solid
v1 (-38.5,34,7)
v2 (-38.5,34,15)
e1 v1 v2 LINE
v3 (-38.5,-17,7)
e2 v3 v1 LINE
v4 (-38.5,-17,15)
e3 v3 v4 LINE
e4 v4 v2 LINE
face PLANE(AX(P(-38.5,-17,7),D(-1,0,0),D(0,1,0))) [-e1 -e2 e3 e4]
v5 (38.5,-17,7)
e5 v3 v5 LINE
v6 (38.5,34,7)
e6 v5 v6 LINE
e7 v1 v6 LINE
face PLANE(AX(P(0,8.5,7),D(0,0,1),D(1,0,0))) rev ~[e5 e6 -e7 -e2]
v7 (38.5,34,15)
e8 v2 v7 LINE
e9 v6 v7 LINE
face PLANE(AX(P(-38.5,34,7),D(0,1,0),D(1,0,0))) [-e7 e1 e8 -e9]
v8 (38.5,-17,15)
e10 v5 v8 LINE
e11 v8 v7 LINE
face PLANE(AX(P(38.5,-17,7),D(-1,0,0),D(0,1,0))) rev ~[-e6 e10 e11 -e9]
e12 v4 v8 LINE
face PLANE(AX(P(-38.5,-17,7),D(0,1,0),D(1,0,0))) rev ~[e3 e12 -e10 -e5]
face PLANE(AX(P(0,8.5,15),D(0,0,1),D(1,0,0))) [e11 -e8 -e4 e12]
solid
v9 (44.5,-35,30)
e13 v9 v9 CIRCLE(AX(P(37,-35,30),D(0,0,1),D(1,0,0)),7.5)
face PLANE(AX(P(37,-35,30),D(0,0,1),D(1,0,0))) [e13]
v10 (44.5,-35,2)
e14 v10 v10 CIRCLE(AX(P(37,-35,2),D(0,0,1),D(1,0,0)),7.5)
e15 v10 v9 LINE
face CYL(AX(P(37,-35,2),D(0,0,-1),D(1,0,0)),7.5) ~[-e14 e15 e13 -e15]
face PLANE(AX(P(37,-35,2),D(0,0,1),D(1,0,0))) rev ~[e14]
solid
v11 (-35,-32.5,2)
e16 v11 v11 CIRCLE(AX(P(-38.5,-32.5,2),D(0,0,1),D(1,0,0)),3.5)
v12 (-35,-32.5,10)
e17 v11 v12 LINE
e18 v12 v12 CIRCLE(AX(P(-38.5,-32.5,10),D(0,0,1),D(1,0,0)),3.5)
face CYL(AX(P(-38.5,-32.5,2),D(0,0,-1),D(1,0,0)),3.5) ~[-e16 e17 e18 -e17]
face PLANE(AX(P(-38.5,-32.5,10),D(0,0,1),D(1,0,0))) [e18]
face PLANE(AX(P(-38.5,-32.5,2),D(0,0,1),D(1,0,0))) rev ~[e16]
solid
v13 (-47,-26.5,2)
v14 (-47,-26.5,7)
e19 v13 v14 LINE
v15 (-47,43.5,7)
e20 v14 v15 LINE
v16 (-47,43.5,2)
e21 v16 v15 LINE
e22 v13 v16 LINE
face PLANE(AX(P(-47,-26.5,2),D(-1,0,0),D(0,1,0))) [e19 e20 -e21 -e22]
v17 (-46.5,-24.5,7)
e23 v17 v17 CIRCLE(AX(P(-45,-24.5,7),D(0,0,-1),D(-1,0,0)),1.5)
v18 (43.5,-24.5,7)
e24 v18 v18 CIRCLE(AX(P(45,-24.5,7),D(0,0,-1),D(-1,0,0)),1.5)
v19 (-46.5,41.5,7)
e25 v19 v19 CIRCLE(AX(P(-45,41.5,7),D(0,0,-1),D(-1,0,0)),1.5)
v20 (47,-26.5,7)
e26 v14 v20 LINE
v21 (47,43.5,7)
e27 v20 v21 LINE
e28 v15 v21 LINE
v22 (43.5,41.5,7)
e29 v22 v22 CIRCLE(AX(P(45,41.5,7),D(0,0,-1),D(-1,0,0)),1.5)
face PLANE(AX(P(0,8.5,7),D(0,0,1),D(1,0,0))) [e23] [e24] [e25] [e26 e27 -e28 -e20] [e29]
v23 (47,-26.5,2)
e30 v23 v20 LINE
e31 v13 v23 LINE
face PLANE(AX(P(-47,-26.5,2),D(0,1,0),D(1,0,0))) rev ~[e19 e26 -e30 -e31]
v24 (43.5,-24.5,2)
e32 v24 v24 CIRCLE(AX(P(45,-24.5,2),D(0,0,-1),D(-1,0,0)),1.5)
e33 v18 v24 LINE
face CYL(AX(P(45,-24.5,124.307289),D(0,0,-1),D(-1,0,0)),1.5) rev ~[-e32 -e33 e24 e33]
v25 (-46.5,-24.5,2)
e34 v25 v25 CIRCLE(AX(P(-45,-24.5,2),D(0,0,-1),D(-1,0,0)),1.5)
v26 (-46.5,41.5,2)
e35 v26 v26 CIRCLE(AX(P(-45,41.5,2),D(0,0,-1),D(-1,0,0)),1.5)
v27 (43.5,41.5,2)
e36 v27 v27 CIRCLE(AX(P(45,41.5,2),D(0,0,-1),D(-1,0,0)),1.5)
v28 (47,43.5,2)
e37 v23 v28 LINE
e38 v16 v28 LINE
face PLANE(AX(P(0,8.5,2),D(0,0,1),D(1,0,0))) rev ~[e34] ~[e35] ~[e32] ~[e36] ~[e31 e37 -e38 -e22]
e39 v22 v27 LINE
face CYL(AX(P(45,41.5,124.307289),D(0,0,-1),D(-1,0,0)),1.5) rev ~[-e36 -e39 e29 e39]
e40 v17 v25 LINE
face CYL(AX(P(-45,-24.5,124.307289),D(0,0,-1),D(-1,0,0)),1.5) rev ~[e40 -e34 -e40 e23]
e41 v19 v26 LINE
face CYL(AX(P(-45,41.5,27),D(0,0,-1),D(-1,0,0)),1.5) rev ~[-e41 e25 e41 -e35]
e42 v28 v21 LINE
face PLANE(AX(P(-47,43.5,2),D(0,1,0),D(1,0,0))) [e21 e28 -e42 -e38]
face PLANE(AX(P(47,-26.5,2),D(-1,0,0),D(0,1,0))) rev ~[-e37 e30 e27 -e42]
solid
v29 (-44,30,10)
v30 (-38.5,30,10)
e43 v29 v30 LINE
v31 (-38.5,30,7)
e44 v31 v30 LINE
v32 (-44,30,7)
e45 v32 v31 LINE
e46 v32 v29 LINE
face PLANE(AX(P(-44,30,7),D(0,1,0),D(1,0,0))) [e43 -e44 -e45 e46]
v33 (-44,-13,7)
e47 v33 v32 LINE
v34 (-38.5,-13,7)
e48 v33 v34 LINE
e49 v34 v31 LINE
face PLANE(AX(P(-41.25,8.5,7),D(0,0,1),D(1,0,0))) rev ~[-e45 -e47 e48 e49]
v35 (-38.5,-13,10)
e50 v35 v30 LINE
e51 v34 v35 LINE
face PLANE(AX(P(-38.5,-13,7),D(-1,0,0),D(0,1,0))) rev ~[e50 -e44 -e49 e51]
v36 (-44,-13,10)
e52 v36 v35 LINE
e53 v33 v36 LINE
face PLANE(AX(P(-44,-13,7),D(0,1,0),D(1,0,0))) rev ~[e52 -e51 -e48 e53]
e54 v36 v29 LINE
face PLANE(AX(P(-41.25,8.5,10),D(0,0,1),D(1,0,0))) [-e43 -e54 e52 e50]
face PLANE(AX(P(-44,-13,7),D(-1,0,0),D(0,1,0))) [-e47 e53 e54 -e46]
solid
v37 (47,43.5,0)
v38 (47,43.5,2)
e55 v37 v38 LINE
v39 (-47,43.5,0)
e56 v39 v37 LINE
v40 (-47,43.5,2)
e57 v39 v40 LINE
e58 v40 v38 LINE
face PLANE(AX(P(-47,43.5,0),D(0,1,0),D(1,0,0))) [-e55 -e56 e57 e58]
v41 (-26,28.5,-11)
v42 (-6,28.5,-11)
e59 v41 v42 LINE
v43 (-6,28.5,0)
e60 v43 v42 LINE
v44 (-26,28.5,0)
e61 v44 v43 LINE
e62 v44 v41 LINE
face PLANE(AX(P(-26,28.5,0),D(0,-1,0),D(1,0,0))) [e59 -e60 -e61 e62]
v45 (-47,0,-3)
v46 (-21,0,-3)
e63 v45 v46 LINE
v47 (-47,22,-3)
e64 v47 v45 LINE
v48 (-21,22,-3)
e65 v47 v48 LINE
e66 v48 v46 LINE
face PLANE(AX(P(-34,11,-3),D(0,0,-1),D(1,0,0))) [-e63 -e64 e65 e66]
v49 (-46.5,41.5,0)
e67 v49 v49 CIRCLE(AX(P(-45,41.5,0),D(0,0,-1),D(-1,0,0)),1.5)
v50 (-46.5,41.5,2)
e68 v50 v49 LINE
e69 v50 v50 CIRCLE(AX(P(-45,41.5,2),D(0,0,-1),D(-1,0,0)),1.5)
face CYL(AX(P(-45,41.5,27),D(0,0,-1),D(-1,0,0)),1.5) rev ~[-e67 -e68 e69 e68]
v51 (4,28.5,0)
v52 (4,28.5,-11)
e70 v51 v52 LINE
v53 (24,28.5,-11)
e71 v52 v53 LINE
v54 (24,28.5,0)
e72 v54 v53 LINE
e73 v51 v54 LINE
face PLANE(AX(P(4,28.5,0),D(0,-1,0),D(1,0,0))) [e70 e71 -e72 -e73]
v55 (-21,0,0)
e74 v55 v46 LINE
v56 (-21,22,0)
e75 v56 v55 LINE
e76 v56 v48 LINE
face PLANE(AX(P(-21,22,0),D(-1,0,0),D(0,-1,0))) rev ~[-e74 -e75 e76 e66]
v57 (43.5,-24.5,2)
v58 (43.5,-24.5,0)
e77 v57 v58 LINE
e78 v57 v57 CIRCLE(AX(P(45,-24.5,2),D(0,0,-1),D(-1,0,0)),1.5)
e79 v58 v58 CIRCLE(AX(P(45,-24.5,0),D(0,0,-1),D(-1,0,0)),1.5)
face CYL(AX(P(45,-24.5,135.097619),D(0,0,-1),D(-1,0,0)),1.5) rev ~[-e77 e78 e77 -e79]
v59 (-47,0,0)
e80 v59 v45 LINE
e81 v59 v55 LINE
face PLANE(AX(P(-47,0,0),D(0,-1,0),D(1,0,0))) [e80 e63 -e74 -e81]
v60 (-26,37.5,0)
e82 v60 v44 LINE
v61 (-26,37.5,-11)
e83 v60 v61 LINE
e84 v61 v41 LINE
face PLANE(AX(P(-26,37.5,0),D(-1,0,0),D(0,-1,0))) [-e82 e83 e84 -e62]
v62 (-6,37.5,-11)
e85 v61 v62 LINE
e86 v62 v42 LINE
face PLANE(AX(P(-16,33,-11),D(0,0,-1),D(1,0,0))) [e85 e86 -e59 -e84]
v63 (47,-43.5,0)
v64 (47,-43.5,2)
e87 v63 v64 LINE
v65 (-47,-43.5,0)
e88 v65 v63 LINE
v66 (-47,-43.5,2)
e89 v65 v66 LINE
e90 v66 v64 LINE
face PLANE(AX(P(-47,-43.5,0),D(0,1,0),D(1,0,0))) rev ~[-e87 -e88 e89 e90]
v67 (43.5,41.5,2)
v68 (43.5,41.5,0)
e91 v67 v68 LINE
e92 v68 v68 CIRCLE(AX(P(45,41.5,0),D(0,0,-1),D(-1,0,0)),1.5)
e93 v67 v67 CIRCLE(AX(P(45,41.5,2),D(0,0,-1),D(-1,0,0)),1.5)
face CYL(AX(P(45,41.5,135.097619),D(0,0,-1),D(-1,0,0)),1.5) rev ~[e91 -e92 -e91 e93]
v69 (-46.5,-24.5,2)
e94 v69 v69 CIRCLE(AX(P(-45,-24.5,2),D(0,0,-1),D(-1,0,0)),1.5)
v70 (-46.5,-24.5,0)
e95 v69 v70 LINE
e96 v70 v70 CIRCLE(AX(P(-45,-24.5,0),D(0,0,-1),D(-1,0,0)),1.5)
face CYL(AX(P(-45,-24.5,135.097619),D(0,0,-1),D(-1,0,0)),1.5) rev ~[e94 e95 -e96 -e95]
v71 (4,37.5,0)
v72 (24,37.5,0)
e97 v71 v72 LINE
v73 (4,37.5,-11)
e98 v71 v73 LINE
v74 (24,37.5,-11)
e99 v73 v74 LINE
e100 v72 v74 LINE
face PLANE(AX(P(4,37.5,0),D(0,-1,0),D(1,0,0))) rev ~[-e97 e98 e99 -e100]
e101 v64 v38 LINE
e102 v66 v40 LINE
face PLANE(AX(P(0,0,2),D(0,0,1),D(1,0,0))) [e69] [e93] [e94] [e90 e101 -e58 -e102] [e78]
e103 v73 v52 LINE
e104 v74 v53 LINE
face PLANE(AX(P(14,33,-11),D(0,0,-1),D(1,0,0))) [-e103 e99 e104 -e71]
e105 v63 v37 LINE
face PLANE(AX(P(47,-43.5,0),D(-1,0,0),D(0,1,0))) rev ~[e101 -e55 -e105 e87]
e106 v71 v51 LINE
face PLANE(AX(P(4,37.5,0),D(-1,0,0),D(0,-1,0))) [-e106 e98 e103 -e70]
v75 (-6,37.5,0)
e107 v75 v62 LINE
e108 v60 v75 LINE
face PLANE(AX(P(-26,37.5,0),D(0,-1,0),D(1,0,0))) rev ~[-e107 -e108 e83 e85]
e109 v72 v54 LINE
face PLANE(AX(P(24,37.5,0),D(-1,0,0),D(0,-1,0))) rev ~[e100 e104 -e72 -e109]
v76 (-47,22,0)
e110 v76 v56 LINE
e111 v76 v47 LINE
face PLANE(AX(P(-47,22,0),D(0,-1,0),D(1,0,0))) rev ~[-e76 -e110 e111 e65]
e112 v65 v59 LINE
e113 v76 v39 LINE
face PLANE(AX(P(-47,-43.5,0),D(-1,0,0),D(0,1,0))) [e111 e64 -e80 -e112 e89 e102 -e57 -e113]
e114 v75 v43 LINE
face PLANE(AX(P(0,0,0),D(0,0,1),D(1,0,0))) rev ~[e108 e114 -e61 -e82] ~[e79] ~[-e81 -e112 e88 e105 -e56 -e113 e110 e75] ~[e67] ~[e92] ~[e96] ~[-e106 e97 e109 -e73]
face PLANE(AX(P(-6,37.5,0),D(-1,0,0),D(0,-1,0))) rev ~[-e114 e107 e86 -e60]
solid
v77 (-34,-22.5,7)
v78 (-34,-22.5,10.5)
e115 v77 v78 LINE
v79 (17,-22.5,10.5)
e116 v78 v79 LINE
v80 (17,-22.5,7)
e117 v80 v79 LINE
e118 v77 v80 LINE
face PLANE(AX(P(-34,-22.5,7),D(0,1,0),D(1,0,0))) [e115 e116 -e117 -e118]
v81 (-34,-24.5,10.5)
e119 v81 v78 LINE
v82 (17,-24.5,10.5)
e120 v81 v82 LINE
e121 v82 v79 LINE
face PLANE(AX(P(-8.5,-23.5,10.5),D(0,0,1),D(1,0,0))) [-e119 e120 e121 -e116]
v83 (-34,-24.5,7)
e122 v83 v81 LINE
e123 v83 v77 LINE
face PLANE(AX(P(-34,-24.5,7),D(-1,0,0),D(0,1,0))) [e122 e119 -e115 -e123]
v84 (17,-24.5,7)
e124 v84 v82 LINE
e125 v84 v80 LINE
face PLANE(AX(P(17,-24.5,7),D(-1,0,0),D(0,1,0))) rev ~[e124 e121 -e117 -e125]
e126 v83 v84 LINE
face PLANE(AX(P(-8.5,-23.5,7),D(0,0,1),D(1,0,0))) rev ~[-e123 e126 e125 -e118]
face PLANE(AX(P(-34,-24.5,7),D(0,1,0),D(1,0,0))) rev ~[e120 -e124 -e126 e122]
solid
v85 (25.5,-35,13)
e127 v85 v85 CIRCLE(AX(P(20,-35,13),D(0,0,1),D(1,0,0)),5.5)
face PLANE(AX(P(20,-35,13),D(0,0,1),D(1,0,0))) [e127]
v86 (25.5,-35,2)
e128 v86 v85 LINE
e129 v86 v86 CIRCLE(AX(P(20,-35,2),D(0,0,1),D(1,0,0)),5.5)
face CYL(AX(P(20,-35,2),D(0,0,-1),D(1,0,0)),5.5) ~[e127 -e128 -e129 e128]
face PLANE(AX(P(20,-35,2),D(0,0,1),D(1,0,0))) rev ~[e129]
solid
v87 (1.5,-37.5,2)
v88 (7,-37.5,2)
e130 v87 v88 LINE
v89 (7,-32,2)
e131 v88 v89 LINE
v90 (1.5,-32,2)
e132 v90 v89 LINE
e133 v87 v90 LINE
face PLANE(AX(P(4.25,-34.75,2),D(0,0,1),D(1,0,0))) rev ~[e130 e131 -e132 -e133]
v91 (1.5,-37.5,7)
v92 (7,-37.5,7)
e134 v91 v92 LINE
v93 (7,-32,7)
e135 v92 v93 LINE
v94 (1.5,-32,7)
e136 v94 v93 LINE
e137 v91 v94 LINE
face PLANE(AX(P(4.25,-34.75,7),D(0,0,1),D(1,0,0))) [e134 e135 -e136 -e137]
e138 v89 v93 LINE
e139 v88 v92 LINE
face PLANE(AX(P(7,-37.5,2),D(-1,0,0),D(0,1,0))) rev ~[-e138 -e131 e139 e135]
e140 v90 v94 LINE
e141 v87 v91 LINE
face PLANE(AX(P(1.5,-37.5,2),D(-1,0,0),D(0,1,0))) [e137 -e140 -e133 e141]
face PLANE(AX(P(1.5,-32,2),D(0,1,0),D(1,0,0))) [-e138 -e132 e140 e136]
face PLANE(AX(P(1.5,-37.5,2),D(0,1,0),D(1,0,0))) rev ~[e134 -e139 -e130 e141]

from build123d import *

# Parameters (mm, degrees)
F0_W        = 94
F0_H        = 87
F1_DEPTH    = 2
F2_W        = 94
F2_H        = 70
F3_DEPTH    = 5
F4_W        = 77
F4_H        = 51
F5_DEPTH    = 8
F6_W        = 5.5
F6_H        = 43
F7_DEPTH    = 3
F8_R        = 7.5
F9_DEPTH    = 28
F10_R       = 5.5
F11_DEPTH   = 11
F12_W       = 5.5
F12_H       = 5.5
F13_DEPTH   = 5
F14_R       = 3.5
F15_DEPTH   = 8
F17_D       = 3
F17_DEPTH   = 20
F17_2_D     = 3
F17_2_DEPTH = 20
F18_D       = 3
F18_2_D     = 3
F19_W       = 51
F19_H       = 2
F20_DEPTH   = 3.5
F21_W       = 26
F21_H       = 22
F22_DEPTH   = 3
F23_W       = 20
F23_H       = 9
F24_DEPTH   = 11


with BuildPart() as f1:
    # F0 (on Top) → F1 (new body)
    with BuildSketch(Plane.XY):
        Rectangle(F0_W, F0_H)
    extrude(amount=F1_DEPTH)

    # F17
    with Locations(Plane.XY.offset(7)):
        with Locations((-45, 41.5)):
            Hole(F17_D / 2, depth=F17_DEPTH)

    # F18 (through all)
    with Locations(Plane.XY.offset(7)):
        with Locations((45, 41.5), (45, -24.5), (-45, -24.5)):
            Hole(F18_D / 2)

    # F21 (on face) → F22 (join)
    with BuildSketch(Plane(origin=(0, 0, 0), x_dir=(1, 0, 0), z_dir=(0, 0, -1))):
        with Locations((-34, -11)):
            Rectangle(F21_W, F21_H)
    extrude(amount=F22_DEPTH)

    # F23 (on face) → F24 (join)
    with BuildSketch(Plane(origin=(0, 0, 0), x_dir=(1, 0, 0), z_dir=(0, 0, -1))):
        with Locations((14, -33)):
            Rectangle(F23_W, F23_H)
        with Locations((-16, -33)):
            Rectangle(F23_W, F23_H)
    extrude(amount=F24_DEPTH)


with BuildPart() as f3:
    # F2 (on face) → F3 (new body)
    with BuildSketch(Plane.XY.offset(2)):
        with Locations((0, 8.5)):
            Rectangle(F2_W, F2_H)
    extrude(amount=F3_DEPTH)

    # F17#2
    with Locations(Plane.XY.offset(7)):
        with Locations((-45, 41.5)):
            Hole(F17_2_D / 2, depth=F17_2_DEPTH)

    # F18#2 (through all)
    with Locations(Plane.XY.offset(7)):
        with Locations((45, 41.5), (45, -24.5), (-45, -24.5)):
            Hole(F18_2_D / 2)


with BuildPart() as f5:
    # F4 (on face) → F5 (new body)
    with BuildSketch(Plane.XY.offset(7)):
        with Locations((0, 8.5)):
            Rectangle(F4_W, F4_H)
    extrude(amount=F5_DEPTH)


with BuildPart() as f7:
    # F6 (on face) → F7 (new body)
    with BuildSketch(Plane.XY.offset(7)):
        with Locations((-41.25, 8.5)):
            Rectangle(F6_W, F6_H)
    extrude(amount=F7_DEPTH)


with BuildPart() as f9:
    # F8 (on face) → F9 (new body)
    with BuildSketch(Plane.XY.offset(2)):
        with Locations((37, -35)):
            Circle(F8_R)
    extrude(amount=F9_DEPTH)


with BuildPart() as f11:
    # F10 (on face) → F11 (new body)
    with BuildSketch(Plane.XY.offset(2)):
        with Locations((20, -35)):
            Circle(F10_R)
    extrude(amount=F11_DEPTH)


with BuildPart() as f13:
    # F12 (on face) → F13 (new body)
    with BuildSketch(Plane.XY.offset(2)):
        with Locations((4.25, -34.75)):
            Rectangle(F12_W, F12_H)
    extrude(amount=F13_DEPTH)


with BuildPart() as f15:
    # F14 (on face) → F15 (new body)
    with BuildSketch(Plane.XY.offset(2)):
        with Locations((-38.5, -32.5)):
            Circle(F14_R)
    extrude(amount=F15_DEPTH)


with BuildPart() as f20:
    # F19 (on face) → F20 (new body)
    with BuildSketch(Plane.XY.offset(7)):
        with Locations((-8.5, -23.5)):
            Rectangle(F19_W, F19_H)
    extrude(amount=F20_DEPTH)


solid = Compound([f1.part, f3.part, f5.part, f7.part, f9.part, f11.part, f13.part, f15.part, f20.part])
